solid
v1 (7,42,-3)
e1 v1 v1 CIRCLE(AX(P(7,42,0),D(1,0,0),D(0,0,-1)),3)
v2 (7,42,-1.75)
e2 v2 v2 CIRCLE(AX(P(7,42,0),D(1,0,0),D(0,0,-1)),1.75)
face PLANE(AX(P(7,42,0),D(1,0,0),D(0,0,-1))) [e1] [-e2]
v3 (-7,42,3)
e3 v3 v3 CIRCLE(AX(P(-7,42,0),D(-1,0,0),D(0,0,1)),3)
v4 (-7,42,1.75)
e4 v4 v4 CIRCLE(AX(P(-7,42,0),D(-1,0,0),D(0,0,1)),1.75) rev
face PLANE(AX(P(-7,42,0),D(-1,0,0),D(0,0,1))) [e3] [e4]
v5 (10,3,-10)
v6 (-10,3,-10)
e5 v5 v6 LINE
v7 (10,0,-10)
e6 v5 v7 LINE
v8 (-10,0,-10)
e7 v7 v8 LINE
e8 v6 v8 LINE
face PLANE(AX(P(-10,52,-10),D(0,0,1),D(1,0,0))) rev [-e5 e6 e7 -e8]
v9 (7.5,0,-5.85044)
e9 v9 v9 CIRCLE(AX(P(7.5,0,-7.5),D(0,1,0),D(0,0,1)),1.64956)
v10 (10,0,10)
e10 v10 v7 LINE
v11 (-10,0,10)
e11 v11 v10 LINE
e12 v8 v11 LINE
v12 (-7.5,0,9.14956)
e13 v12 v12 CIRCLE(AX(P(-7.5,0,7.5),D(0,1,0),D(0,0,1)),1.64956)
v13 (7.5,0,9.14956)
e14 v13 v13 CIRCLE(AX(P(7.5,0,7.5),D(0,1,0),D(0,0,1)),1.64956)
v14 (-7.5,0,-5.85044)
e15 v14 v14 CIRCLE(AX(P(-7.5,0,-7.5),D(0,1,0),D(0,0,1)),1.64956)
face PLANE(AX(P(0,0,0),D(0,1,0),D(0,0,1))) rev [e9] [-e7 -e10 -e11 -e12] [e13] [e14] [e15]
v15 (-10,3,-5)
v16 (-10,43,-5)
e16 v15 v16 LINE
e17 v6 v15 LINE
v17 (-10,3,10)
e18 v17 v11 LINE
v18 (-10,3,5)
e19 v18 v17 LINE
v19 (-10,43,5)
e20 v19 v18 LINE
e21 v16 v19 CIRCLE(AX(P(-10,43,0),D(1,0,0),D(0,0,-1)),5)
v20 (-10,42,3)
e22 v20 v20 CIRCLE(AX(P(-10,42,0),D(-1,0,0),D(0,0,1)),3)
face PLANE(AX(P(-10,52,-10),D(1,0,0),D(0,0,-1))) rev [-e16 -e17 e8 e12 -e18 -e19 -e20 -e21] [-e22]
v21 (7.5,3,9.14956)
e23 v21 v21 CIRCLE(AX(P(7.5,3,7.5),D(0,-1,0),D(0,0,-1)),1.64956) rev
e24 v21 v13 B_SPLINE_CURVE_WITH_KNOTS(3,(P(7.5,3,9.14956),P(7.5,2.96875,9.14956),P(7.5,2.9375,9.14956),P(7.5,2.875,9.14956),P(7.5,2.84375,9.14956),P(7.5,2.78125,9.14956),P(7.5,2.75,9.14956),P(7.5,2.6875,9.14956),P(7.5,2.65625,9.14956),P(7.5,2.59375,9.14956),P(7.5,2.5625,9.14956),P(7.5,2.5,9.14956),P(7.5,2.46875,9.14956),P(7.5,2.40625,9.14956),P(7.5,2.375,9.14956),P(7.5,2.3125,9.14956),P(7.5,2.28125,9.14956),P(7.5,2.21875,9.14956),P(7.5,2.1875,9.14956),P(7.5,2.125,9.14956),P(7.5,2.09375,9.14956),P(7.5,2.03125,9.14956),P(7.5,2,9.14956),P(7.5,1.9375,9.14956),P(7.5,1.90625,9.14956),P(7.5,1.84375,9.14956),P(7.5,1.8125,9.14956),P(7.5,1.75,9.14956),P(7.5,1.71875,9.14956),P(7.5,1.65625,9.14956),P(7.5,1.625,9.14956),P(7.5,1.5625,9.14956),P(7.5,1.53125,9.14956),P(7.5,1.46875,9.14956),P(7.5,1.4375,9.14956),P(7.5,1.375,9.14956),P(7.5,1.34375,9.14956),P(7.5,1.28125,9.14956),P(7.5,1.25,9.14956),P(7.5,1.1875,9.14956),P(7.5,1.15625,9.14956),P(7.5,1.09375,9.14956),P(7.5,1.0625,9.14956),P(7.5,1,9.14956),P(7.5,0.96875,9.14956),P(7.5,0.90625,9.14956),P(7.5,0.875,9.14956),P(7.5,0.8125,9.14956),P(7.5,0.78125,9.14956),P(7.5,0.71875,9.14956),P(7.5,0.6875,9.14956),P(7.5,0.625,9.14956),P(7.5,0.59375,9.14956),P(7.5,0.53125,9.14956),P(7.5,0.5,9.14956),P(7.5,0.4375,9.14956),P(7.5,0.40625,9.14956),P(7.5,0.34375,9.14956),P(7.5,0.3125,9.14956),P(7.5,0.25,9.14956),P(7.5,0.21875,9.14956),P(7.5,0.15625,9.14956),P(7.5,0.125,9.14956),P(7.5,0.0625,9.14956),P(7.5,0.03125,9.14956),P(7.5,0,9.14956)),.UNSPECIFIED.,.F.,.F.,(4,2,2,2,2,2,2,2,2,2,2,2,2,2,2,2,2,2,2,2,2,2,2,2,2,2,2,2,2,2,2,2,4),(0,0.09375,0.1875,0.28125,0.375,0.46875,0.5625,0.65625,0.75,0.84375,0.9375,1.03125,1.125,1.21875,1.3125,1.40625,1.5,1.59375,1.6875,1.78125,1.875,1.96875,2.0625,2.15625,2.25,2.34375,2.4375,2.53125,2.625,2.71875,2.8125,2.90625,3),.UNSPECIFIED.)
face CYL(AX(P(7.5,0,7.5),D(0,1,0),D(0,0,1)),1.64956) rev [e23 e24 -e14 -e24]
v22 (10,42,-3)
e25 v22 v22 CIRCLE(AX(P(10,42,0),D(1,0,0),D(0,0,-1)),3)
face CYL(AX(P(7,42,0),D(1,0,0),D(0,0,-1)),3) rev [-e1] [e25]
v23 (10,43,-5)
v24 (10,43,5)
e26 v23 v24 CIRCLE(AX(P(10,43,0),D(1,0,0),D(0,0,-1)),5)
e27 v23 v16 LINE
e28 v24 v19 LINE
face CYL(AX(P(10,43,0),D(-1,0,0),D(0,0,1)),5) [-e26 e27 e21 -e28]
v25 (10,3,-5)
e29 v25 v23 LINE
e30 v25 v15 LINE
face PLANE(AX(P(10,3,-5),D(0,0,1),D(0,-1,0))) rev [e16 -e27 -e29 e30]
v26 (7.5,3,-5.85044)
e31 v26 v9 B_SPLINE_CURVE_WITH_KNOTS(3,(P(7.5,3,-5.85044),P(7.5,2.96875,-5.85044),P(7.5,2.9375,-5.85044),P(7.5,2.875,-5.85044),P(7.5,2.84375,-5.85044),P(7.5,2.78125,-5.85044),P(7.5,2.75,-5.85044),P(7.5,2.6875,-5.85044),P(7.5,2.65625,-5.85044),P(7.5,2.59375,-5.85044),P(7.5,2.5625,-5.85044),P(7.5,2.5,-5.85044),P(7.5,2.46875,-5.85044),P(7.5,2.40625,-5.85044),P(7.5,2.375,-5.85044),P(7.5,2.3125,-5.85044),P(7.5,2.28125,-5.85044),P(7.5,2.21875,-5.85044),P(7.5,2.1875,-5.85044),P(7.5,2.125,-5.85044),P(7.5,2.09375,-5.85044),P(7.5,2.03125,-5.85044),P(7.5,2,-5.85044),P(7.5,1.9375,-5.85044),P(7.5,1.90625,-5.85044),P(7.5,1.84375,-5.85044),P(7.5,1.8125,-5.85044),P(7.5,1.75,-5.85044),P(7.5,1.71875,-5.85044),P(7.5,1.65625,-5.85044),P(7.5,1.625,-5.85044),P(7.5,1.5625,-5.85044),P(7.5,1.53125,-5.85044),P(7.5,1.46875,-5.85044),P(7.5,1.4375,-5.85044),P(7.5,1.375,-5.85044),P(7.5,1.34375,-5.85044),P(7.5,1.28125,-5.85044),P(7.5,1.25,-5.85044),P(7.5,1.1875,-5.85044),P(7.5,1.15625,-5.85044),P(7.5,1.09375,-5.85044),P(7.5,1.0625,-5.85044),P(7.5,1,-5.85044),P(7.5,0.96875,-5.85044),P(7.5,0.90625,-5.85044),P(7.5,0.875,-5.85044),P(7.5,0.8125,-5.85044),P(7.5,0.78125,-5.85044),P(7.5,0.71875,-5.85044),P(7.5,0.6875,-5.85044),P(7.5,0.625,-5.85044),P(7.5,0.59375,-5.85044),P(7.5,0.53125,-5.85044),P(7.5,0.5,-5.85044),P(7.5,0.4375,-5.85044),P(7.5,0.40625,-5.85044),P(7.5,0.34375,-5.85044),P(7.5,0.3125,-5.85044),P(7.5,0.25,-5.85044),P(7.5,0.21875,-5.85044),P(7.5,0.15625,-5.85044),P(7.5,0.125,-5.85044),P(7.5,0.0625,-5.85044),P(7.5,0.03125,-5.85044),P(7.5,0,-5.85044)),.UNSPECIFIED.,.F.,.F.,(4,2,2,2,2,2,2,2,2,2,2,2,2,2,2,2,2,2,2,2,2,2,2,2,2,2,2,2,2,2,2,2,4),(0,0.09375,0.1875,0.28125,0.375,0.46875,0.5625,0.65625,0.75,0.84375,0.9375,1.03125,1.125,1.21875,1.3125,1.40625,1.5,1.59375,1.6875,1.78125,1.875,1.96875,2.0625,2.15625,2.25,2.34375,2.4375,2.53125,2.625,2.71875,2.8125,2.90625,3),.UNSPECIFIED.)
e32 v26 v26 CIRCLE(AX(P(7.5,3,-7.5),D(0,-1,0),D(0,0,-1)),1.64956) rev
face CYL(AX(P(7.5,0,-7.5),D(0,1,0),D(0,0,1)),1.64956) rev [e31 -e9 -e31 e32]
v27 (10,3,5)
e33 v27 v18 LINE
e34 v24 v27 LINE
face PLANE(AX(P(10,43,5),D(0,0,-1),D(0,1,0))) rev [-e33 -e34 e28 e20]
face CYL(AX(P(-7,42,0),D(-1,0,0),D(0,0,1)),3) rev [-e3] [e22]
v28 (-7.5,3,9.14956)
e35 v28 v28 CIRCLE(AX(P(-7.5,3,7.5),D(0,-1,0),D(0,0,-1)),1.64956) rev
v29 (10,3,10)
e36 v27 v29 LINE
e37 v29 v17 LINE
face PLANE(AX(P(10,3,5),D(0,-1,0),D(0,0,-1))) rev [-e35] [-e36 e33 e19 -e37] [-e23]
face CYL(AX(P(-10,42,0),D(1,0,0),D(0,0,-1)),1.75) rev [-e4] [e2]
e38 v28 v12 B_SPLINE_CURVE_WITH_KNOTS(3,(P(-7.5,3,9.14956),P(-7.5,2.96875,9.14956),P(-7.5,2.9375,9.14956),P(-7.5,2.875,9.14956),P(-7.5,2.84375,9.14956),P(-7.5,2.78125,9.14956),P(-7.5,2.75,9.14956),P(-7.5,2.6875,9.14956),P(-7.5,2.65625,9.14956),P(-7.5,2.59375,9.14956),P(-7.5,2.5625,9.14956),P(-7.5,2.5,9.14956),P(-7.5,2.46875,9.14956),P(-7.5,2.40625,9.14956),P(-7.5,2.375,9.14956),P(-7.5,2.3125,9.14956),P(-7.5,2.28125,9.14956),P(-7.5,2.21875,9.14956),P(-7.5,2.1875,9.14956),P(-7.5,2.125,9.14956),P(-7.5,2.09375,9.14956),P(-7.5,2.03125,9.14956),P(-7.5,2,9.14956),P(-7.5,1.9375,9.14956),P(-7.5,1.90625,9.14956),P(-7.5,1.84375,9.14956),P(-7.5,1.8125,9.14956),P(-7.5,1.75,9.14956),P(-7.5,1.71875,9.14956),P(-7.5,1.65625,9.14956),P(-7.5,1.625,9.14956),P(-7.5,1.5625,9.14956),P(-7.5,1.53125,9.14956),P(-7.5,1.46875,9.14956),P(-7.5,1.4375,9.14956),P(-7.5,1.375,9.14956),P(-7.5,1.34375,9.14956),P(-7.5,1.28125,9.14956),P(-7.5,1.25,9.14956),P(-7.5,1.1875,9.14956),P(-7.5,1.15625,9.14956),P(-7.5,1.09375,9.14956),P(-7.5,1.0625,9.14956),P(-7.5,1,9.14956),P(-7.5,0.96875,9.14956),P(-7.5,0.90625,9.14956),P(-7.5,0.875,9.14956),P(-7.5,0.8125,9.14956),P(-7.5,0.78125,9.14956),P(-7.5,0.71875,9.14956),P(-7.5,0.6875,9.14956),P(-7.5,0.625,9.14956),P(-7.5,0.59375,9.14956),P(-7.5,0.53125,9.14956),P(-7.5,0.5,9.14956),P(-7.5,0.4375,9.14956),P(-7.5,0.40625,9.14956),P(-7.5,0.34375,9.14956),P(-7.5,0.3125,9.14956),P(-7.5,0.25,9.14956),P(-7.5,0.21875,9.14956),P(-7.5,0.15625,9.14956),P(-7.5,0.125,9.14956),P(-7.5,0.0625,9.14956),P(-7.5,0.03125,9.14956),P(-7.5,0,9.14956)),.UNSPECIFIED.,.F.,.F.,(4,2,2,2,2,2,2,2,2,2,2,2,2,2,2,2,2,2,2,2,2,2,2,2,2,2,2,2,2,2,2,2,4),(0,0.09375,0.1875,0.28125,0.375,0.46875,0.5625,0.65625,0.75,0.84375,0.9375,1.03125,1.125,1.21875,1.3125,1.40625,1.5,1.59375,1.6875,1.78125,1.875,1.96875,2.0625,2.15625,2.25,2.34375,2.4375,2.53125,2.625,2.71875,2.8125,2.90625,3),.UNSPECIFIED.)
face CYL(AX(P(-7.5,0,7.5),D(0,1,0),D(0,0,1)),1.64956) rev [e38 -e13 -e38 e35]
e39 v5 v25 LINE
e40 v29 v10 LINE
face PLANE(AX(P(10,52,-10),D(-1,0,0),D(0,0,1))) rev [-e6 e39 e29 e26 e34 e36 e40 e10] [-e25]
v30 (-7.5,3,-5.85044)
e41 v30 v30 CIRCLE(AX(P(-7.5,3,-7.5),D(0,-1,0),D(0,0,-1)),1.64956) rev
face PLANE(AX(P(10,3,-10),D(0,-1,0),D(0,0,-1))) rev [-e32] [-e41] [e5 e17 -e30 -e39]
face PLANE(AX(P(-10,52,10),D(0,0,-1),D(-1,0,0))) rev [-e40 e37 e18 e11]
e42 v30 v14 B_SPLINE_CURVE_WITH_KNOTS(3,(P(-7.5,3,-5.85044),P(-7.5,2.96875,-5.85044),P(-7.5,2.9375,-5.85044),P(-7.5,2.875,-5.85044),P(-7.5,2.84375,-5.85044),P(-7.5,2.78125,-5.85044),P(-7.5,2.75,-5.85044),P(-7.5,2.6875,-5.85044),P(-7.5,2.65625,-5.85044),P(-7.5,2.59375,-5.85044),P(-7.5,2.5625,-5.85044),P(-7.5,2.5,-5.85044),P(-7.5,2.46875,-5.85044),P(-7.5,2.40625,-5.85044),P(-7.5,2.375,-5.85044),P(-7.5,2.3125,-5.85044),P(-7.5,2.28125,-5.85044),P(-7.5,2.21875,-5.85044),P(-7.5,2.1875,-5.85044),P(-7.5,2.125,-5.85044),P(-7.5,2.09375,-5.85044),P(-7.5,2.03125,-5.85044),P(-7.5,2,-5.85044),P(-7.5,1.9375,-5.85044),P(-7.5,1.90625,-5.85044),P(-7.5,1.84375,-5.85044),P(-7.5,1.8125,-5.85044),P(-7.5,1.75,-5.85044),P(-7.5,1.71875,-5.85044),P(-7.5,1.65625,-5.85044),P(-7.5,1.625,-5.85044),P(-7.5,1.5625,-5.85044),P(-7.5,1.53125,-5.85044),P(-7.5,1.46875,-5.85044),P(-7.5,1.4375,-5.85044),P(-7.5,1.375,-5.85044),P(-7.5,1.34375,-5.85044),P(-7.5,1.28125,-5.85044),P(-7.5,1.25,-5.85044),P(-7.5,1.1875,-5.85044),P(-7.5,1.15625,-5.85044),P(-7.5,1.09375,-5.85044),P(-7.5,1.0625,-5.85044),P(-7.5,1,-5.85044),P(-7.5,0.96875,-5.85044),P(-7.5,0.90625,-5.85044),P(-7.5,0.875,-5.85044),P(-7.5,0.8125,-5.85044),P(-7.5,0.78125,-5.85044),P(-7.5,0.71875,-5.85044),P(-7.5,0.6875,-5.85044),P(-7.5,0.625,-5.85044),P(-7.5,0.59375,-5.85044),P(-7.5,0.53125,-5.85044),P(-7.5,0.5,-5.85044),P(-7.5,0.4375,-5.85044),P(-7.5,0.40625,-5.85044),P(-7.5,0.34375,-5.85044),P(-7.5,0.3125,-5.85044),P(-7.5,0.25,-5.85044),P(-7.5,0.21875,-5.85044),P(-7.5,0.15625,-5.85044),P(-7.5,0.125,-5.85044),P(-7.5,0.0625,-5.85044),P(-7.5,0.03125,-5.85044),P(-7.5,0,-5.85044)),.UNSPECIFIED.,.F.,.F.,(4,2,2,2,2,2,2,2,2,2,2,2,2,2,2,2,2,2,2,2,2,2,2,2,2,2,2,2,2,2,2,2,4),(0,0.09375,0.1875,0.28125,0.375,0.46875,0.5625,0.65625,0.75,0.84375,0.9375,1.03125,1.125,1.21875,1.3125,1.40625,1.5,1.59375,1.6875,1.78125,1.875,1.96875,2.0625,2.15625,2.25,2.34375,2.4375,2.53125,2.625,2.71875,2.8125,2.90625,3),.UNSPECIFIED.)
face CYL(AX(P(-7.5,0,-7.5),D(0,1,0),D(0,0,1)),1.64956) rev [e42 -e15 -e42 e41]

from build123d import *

# Parameters (mm, degrees)
SKETCH1_W           = 20
SKETCH1_H           = 20
BOSS_EXTRUDE1_DEPTH = 52
SKETCH2_R           = 3
CUT_EXTRUDE1_DEPTH  = 3
SKETCH3_R           = 1.75
CUT_EXTRUDE2_DEPTH  = 56.614746246
CUT_EXTRUDE3_START  = -3
SKETCH4_R           = 3
CUT_EXTRUDE3_DEPTH  = 3
SKETCH5_R           = 1.649559613
CUT_EXTRUDE4_DEPTH  = 54.888774341
CUT_EXTRUDE5_DEPTH  = 57.603886792


with BuildPart() as part:
    # Sketch1 → Boss-Extrude1 (new body)
    with BuildSketch(Plane(origin=(0, 0, 0), x_dir=(1, 0, 0), z_dir=(0, 1, 0))):
        Rectangle(SKETCH1_W, SKETCH1_H)
    extrude(amount=BOSS_EXTRUDE1_DEPTH)

    # Sketch2 → Cut-Extrude1 (cut)
    with BuildSketch(Plane(origin=(10, 0, 0), x_dir=(0, 0, -1), z_dir=(1, 0, 0))):
        with Locations((0, 42)):
            Circle(SKETCH2_R)
    extrude(amount=-CUT_EXTRUDE1_DEPTH, mode=Mode.SUBTRACT)

    # Sketch3 → Cut-Extrude2 (cut, through all)
    with BuildSketch(Plane(origin=(7, 0, 0), x_dir=(0, 0, -1), z_dir=(1, 0, 0))):
        with Locations((0, 42)):
            Circle(SKETCH3_R)
    extrude(amount=-CUT_EXTRUDE2_DEPTH, mode=Mode.SUBTRACT)

    # Sketch4 → Cut-Extrude3 (cut)
    with BuildSketch(Plane.ZY.offset(10).offset(CUT_EXTRUDE3_START)):
        with Locations(Location((0, 42, 0), (0, 0, 180))):
            Circle(SKETCH4_R)
    extrude(amount=CUT_EXTRUDE3_DEPTH, mode=Mode.SUBTRACT)

    # Sketch5 → Cut-Extrude4 (cut, through all)
    with BuildSketch(Plane(origin=(0, 52, 0), x_dir=(1, 0, 0), z_dir=(0, 1, 0))):
        with Locations(Location((-7.5, 7.5, 0), (0, 0, 270))):
            Circle(SKETCH5_R)
        with Locations(Location((7.5, 7.5, 0), (0, 0, 270))):
            Circle(SKETCH5_R)
        with Locations(Location((7.5, -7.5, 0), (0, 0, 270))):
            Circle(SKETCH5_R)
        with Locations(Location((-7.5, -7.5, 0), (0, 0, 270))):
            Circle(SKETCH5_R)
    extrude(amount=-CUT_EXTRUDE4_DEPTH, mode=Mode.SUBTRACT)

    # Sketch6 → Cut-Extrude5 (cut, through all)
    with BuildSketch(Plane.ZY.offset(10)):
        with BuildLine():
            Line((-10, 3), (-5, 3))
            Line((-5, 3), (-5, 43))
            ThreePointArc((-5, 43), (0, 48), (5, 43))
            Line((5, 43), (5, 3))
            Line((5, 3), (10, 3))
            Line((10, 3), (10, 52))
            Line((10, 52), (-10, 52))
            Line((-10, 52), (-10, 3))
        make_face()
    extrude(amount=-CUT_EXTRUDE5_DEPTH, mode=Mode.SUBTRACT)


solid = part.part
